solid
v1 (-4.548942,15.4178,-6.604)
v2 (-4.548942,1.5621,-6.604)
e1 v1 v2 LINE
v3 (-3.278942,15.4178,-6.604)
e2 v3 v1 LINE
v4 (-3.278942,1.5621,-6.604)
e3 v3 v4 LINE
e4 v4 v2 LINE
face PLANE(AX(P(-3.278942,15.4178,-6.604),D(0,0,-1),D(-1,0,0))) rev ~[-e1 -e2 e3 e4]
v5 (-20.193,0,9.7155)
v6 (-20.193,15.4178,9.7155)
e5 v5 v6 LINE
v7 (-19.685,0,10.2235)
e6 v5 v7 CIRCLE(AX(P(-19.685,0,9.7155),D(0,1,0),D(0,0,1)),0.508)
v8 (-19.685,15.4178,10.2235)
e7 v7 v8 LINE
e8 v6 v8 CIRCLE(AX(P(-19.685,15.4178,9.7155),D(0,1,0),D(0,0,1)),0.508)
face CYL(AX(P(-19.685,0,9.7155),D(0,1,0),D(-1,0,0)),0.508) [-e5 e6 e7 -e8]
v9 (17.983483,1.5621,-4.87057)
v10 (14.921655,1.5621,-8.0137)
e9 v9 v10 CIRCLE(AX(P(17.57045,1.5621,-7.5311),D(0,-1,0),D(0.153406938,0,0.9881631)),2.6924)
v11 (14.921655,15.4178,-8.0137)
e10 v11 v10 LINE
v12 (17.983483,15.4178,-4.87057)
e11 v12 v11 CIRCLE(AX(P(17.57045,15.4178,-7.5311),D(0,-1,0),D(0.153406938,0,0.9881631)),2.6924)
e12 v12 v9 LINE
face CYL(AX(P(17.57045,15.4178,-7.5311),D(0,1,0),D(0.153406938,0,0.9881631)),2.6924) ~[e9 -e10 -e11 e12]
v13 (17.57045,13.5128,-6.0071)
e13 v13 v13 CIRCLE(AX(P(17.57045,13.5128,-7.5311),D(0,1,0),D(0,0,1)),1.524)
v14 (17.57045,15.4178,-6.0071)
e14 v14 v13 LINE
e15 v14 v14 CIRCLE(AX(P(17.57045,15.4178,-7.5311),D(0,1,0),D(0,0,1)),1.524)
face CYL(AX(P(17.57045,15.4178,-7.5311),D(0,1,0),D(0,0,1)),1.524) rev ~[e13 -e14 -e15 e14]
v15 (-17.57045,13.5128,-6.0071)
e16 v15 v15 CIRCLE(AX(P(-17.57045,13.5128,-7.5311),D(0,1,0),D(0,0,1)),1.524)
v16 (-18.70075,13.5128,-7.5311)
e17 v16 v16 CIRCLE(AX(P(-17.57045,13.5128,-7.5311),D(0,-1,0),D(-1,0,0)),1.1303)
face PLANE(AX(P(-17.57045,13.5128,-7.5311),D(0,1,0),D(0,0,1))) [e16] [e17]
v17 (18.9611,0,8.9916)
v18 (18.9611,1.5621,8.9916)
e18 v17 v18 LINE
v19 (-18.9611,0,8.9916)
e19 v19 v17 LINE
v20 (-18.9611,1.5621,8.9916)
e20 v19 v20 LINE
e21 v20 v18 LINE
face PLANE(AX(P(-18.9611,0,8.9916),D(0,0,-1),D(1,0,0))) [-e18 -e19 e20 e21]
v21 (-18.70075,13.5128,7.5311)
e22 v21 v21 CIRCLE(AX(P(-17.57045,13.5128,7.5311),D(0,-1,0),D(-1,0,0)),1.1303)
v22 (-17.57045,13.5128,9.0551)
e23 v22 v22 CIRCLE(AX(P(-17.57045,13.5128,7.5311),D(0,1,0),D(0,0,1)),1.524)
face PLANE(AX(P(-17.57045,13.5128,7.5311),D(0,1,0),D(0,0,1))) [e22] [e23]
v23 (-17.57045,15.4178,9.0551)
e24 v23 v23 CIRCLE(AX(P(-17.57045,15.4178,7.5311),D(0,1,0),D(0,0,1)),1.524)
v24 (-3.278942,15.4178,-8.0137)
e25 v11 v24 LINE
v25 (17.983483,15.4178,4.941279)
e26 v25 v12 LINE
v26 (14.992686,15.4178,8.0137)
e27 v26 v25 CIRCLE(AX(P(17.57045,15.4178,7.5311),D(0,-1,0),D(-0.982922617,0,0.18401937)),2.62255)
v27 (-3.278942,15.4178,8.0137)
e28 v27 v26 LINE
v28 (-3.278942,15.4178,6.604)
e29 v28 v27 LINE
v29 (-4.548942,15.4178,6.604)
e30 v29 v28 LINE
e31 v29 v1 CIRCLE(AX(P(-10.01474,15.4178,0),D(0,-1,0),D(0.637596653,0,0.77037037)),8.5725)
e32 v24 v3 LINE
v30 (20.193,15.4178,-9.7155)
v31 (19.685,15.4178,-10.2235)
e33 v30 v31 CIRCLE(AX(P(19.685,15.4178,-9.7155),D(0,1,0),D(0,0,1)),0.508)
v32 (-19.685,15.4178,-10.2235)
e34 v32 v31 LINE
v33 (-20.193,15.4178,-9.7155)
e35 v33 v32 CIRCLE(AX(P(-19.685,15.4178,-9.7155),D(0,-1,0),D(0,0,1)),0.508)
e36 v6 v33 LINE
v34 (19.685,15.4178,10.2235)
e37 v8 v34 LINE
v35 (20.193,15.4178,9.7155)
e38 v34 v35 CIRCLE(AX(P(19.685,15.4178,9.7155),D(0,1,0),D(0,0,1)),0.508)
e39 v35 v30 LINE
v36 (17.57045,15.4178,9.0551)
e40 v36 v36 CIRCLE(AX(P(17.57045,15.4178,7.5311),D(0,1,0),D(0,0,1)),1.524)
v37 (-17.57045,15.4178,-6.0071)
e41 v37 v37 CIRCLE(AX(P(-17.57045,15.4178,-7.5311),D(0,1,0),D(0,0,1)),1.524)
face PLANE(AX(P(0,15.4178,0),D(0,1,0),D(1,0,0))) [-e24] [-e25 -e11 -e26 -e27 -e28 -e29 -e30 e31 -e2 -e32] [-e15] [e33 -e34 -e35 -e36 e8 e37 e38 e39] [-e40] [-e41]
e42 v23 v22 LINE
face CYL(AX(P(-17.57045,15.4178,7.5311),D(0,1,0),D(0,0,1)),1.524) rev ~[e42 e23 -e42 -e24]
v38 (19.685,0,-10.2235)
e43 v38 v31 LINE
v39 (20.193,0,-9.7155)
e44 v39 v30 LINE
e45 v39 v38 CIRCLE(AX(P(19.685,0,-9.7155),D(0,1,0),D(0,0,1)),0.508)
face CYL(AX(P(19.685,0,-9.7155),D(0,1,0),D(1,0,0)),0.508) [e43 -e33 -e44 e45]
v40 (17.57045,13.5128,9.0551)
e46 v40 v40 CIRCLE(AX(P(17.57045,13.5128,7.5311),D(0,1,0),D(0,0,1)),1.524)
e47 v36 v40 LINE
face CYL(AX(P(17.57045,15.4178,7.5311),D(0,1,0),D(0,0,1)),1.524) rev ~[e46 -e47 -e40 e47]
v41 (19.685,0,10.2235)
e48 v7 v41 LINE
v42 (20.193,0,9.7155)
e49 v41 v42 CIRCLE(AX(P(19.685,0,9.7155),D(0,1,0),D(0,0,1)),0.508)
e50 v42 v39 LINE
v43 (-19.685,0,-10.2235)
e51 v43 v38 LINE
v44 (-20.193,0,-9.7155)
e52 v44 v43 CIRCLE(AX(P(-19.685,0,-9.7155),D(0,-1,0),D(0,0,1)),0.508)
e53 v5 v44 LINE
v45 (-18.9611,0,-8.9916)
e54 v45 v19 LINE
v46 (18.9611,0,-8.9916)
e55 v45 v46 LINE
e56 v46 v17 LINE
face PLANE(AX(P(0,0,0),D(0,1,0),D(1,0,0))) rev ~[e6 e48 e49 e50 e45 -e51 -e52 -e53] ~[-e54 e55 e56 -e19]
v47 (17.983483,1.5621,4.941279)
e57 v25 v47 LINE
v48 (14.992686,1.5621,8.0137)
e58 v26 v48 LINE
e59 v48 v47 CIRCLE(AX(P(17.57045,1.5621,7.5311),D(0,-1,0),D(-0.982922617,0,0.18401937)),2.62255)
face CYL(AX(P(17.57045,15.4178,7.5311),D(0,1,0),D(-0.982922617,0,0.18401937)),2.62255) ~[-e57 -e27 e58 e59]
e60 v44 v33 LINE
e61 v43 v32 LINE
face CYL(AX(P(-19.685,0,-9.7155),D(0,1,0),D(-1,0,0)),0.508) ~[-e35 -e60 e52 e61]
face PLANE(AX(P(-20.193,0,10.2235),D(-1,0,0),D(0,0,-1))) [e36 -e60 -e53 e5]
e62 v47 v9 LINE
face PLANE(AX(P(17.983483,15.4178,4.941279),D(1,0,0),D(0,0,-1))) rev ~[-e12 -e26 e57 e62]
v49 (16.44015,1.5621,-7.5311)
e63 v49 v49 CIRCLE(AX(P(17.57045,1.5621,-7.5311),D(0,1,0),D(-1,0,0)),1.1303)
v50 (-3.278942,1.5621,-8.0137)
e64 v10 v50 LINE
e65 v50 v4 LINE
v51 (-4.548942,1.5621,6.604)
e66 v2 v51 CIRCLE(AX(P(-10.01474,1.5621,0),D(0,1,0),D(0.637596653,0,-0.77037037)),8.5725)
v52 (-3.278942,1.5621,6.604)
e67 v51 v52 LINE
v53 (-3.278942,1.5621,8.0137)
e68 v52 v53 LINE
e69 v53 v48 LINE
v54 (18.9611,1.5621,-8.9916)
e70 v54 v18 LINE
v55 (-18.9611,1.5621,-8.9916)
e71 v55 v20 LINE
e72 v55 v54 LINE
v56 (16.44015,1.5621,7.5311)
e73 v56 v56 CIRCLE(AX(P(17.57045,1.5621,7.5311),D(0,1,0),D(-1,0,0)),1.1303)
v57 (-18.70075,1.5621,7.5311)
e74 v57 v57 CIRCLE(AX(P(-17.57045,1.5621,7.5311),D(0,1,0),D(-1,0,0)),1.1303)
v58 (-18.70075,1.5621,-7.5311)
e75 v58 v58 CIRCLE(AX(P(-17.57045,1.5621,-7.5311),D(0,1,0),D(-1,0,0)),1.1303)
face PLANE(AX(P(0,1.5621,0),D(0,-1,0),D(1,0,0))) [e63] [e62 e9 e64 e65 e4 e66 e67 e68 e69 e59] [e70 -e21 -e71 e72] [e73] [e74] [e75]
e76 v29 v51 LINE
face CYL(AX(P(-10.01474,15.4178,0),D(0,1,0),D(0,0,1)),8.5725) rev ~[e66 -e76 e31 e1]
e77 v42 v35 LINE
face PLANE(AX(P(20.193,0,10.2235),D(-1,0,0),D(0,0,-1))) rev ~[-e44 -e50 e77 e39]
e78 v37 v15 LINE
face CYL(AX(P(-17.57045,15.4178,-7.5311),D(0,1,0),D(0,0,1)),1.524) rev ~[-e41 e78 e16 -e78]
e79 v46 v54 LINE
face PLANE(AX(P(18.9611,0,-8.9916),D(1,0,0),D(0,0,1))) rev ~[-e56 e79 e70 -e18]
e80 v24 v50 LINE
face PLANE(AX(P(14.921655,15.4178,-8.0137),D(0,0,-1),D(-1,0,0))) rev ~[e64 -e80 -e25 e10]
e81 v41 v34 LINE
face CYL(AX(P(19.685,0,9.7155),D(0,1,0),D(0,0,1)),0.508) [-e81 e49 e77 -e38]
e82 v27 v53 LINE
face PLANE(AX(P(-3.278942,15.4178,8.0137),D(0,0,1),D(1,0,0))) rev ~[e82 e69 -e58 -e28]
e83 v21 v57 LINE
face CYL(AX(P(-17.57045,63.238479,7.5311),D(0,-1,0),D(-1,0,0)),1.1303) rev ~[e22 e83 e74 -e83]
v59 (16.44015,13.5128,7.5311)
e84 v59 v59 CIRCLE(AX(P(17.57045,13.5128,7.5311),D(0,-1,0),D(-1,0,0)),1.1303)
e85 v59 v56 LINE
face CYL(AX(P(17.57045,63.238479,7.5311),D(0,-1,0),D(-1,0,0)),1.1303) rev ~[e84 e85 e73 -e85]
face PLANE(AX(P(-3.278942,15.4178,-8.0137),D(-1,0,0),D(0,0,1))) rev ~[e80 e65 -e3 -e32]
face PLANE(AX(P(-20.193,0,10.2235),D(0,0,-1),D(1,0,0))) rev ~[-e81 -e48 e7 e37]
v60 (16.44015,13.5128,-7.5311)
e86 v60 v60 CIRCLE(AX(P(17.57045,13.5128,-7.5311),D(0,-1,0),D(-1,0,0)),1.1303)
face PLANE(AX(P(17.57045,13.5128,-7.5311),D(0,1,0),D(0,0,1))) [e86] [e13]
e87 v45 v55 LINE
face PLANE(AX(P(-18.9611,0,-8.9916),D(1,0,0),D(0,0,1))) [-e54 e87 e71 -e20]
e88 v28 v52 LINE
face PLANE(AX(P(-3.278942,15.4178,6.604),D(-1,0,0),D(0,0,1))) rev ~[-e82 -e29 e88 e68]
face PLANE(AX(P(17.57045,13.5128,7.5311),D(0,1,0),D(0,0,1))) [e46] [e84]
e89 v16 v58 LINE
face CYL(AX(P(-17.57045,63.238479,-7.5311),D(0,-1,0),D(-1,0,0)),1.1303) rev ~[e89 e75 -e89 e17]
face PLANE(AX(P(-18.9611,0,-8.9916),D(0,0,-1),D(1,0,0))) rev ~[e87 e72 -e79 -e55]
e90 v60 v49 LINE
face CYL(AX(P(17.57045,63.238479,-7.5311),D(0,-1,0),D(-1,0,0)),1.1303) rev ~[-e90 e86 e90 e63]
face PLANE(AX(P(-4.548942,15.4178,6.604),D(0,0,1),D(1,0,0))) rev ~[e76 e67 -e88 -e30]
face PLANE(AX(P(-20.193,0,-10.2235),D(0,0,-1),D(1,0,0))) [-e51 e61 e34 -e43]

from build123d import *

# Parameters (mm, degrees)
SKETCH1_W             = 40.386
SKETCH1_H             = 20.447
BOSS_EXTRUDE1_DEPTH   = 15.4178
FILLET1_R             = 0.508
F_2_CLEARANCE_HOLE1_D = 2.2606
SKETCH8_R             = 1.524
CUT_EXTRUDE2_DEPTH    = 1.905
SKETCH6_R             = 8.5725
CUT_EXTRUDE5_DEPTH    = 28.385867854
CUT_EXTRUDE6_DEPTH    = 28.385867854
SKETCH11_W            = 37.9222
SKETCH11_H            = 17.9832
SKETCH11_R            = 1.1303
CUT_EXTRUDE7_DEPTH    = 1.5621


with BuildPart() as part:
    # Sketch1 → Boss-Extrude1 (new body)
    with BuildSketch(Plane(origin=(0, 0, 0), x_dir=(1, 0, 0), z_dir=(0, 1, 0))):
        Rectangle(SKETCH1_W, SKETCH1_H)
    extrude(amount=BOSS_EXTRUDE1_DEPTH)

    # Fillet1
    fillet1_edges = [part.edges().sort_by_distance(p)[0] for p in [
        (20.193, 7.7089, 10.2235),
        (-20.193, 7.7089, 10.2235),
        (-20.193, 7.7089, -10.2235),
        (20.193, 7.7089, -10.2235),
    ]]
    fillet(fillet1_edges, radius=FILLET1_R)

    # #2 Clearance Hole1 (through all)
    with Locations(Plane(origin=(0, 15.4178, 0), x_dir=(1, 0, 0), z_dir=(0, 1, 0))):
        with Locations((17.57045, -7.5311), (-17.57045, 7.5311), (-17.57045, -7.5311), (17.57045, 7.5311)):
            Hole(F_2_CLEARANCE_HOLE1_D / 2)

    # Sketch8 → Cut-Extrude2 (cut)
    with BuildSketch(Plane(origin=(0, 15.4178, 0), x_dir=(1, 0, 0), z_dir=(0, 1, 0))):
        with Locations(Location((-17.57045, -7.5311, 0), (0, 0, 270))):
            Circle(SKETCH8_R)
        with Locations(Location((-17.57045, 7.5311, 0), (0, 0, 270))):
            Circle(SKETCH8_R)
        with Locations(Location((17.57045, 7.5311, 0), (0, 0, 270))):
            Circle(SKETCH8_R)
        with Locations(Location((17.57045, -7.5311, 0), (0, 0, 270))):
            Circle(SKETCH8_R)
    extrude(amount=-CUT_EXTRUDE2_DEPTH, mode=Mode.SUBTRACT)

    # Sketch6 → Cut-Extrude5 (cut, through all)
    with BuildSketch(Plane(origin=(0, 15.4178, 0), x_dir=(1, 0, 0), z_dir=(0, 1, 0))):
        with Locations(Location((-10.014739789, 0, 0), (0, 0, 270))):
            Circle(SKETCH6_R)
    extrude(amount=-CUT_EXTRUDE5_DEPTH, mode=Mode.SUBTRACT)

    # Sketch10 → Cut-Extrude6 (cut, through all)
    with BuildSketch(Plane(origin=(0, 15.4178, 0), x_dir=(1, 0, 0), z_dir=(0, 1, 0))):
        with BuildLine():
            Line((-4.548942478, 6.604), (-4.548942478, -6.604))
            Line((-4.548942478, -6.604), (-3.278942478, -6.604))
            Line((-3.278942478, -6.604), (-3.278942478, -8.0137))
            Line((-3.278942478, -8.0137), (14.99268629, -8.0137))
            ThreePointArc((14.99268629, -8.0137), (15.691232741, -5.701807515), (17.983482839, -4.941279084))
            Line((17.983482839, -4.941279084), (17.983482839, 4.870569671))
            ThreePointArc((17.983482839, 4.870569671), (15.641855904, 5.652392313), (14.921654991, 8.0137))
            Line((14.921654991, 8.0137), (-3.278942478, 8.0137))
            Line((-3.278942478, 8.0137), (-3.278942478, 6.604))
            Line((-3.278942478, 6.604), (-4.548942478, 6.604))
        make_face()
    extrude(amount=-CUT_EXTRUDE6_DEPTH, mode=Mode.SUBTRACT)

    # Sketch11 → Cut-Extrude7 (cut)
    with BuildSketch(Plane.XZ):
        Rectangle(SKETCH11_W, SKETCH11_H)
        with Locations(Location((17.57045, 7.5311, 0), (0, 0, 90))):
            Circle(SKETCH11_R, mode=Mode.SUBTRACT)
        with Locations(Location((-17.57045, 7.5311, 0), (0, 0, 90))):
            Circle(SKETCH11_R, mode=Mode.SUBTRACT)
        with Locations(Location((17.57045, -7.5311, 0), (0, 0, 90))):
            Circle(SKETCH11_R, mode=Mode.SUBTRACT)
        with Locations(Location((-17.57045, -7.5311, 0), (0, 0, 90))):
            Circle(SKETCH11_R, mode=Mode.SUBTRACT)
        with BuildLine():
            Line((14.921654991, -8.0137), (-3.278942478, -8.0137))
            Line((-3.278942478, -8.0137), (-3.278942478, -6.604))
            Line((-3.278942478, -6.604), (-4.548942478, -6.604))
            ThreePointArc((-4.548942478, -6.604), (-18.587239789, 0), (-4.548942478, 6.604))
            Line((-4.548942478, 6.604), (-3.278942478, 6.604))
            Line((-3.278942478, 6.604), (-3.278942478, 8.0137))
            Line((-3.278942478, 8.0137), (14.99268629, 8.0137))
            ThreePointArc((14.99268629, 8.0137), (15.691232741, 5.701807515), (17.983482839, 4.941279084))
            Line((17.983482839, 4.941279084), (17.983482839, -4.870569671))
            ThreePointArc((17.983482839, -4.870569671), (15.641855904, -5.652392313), (14.921654991, -8.0137))
        make_face(mode=Mode.SUBTRACT)
    extrude(amount=-CUT_EXTRUDE7_DEPTH, mode=Mode.SUBTRACT)


solid = part.part
